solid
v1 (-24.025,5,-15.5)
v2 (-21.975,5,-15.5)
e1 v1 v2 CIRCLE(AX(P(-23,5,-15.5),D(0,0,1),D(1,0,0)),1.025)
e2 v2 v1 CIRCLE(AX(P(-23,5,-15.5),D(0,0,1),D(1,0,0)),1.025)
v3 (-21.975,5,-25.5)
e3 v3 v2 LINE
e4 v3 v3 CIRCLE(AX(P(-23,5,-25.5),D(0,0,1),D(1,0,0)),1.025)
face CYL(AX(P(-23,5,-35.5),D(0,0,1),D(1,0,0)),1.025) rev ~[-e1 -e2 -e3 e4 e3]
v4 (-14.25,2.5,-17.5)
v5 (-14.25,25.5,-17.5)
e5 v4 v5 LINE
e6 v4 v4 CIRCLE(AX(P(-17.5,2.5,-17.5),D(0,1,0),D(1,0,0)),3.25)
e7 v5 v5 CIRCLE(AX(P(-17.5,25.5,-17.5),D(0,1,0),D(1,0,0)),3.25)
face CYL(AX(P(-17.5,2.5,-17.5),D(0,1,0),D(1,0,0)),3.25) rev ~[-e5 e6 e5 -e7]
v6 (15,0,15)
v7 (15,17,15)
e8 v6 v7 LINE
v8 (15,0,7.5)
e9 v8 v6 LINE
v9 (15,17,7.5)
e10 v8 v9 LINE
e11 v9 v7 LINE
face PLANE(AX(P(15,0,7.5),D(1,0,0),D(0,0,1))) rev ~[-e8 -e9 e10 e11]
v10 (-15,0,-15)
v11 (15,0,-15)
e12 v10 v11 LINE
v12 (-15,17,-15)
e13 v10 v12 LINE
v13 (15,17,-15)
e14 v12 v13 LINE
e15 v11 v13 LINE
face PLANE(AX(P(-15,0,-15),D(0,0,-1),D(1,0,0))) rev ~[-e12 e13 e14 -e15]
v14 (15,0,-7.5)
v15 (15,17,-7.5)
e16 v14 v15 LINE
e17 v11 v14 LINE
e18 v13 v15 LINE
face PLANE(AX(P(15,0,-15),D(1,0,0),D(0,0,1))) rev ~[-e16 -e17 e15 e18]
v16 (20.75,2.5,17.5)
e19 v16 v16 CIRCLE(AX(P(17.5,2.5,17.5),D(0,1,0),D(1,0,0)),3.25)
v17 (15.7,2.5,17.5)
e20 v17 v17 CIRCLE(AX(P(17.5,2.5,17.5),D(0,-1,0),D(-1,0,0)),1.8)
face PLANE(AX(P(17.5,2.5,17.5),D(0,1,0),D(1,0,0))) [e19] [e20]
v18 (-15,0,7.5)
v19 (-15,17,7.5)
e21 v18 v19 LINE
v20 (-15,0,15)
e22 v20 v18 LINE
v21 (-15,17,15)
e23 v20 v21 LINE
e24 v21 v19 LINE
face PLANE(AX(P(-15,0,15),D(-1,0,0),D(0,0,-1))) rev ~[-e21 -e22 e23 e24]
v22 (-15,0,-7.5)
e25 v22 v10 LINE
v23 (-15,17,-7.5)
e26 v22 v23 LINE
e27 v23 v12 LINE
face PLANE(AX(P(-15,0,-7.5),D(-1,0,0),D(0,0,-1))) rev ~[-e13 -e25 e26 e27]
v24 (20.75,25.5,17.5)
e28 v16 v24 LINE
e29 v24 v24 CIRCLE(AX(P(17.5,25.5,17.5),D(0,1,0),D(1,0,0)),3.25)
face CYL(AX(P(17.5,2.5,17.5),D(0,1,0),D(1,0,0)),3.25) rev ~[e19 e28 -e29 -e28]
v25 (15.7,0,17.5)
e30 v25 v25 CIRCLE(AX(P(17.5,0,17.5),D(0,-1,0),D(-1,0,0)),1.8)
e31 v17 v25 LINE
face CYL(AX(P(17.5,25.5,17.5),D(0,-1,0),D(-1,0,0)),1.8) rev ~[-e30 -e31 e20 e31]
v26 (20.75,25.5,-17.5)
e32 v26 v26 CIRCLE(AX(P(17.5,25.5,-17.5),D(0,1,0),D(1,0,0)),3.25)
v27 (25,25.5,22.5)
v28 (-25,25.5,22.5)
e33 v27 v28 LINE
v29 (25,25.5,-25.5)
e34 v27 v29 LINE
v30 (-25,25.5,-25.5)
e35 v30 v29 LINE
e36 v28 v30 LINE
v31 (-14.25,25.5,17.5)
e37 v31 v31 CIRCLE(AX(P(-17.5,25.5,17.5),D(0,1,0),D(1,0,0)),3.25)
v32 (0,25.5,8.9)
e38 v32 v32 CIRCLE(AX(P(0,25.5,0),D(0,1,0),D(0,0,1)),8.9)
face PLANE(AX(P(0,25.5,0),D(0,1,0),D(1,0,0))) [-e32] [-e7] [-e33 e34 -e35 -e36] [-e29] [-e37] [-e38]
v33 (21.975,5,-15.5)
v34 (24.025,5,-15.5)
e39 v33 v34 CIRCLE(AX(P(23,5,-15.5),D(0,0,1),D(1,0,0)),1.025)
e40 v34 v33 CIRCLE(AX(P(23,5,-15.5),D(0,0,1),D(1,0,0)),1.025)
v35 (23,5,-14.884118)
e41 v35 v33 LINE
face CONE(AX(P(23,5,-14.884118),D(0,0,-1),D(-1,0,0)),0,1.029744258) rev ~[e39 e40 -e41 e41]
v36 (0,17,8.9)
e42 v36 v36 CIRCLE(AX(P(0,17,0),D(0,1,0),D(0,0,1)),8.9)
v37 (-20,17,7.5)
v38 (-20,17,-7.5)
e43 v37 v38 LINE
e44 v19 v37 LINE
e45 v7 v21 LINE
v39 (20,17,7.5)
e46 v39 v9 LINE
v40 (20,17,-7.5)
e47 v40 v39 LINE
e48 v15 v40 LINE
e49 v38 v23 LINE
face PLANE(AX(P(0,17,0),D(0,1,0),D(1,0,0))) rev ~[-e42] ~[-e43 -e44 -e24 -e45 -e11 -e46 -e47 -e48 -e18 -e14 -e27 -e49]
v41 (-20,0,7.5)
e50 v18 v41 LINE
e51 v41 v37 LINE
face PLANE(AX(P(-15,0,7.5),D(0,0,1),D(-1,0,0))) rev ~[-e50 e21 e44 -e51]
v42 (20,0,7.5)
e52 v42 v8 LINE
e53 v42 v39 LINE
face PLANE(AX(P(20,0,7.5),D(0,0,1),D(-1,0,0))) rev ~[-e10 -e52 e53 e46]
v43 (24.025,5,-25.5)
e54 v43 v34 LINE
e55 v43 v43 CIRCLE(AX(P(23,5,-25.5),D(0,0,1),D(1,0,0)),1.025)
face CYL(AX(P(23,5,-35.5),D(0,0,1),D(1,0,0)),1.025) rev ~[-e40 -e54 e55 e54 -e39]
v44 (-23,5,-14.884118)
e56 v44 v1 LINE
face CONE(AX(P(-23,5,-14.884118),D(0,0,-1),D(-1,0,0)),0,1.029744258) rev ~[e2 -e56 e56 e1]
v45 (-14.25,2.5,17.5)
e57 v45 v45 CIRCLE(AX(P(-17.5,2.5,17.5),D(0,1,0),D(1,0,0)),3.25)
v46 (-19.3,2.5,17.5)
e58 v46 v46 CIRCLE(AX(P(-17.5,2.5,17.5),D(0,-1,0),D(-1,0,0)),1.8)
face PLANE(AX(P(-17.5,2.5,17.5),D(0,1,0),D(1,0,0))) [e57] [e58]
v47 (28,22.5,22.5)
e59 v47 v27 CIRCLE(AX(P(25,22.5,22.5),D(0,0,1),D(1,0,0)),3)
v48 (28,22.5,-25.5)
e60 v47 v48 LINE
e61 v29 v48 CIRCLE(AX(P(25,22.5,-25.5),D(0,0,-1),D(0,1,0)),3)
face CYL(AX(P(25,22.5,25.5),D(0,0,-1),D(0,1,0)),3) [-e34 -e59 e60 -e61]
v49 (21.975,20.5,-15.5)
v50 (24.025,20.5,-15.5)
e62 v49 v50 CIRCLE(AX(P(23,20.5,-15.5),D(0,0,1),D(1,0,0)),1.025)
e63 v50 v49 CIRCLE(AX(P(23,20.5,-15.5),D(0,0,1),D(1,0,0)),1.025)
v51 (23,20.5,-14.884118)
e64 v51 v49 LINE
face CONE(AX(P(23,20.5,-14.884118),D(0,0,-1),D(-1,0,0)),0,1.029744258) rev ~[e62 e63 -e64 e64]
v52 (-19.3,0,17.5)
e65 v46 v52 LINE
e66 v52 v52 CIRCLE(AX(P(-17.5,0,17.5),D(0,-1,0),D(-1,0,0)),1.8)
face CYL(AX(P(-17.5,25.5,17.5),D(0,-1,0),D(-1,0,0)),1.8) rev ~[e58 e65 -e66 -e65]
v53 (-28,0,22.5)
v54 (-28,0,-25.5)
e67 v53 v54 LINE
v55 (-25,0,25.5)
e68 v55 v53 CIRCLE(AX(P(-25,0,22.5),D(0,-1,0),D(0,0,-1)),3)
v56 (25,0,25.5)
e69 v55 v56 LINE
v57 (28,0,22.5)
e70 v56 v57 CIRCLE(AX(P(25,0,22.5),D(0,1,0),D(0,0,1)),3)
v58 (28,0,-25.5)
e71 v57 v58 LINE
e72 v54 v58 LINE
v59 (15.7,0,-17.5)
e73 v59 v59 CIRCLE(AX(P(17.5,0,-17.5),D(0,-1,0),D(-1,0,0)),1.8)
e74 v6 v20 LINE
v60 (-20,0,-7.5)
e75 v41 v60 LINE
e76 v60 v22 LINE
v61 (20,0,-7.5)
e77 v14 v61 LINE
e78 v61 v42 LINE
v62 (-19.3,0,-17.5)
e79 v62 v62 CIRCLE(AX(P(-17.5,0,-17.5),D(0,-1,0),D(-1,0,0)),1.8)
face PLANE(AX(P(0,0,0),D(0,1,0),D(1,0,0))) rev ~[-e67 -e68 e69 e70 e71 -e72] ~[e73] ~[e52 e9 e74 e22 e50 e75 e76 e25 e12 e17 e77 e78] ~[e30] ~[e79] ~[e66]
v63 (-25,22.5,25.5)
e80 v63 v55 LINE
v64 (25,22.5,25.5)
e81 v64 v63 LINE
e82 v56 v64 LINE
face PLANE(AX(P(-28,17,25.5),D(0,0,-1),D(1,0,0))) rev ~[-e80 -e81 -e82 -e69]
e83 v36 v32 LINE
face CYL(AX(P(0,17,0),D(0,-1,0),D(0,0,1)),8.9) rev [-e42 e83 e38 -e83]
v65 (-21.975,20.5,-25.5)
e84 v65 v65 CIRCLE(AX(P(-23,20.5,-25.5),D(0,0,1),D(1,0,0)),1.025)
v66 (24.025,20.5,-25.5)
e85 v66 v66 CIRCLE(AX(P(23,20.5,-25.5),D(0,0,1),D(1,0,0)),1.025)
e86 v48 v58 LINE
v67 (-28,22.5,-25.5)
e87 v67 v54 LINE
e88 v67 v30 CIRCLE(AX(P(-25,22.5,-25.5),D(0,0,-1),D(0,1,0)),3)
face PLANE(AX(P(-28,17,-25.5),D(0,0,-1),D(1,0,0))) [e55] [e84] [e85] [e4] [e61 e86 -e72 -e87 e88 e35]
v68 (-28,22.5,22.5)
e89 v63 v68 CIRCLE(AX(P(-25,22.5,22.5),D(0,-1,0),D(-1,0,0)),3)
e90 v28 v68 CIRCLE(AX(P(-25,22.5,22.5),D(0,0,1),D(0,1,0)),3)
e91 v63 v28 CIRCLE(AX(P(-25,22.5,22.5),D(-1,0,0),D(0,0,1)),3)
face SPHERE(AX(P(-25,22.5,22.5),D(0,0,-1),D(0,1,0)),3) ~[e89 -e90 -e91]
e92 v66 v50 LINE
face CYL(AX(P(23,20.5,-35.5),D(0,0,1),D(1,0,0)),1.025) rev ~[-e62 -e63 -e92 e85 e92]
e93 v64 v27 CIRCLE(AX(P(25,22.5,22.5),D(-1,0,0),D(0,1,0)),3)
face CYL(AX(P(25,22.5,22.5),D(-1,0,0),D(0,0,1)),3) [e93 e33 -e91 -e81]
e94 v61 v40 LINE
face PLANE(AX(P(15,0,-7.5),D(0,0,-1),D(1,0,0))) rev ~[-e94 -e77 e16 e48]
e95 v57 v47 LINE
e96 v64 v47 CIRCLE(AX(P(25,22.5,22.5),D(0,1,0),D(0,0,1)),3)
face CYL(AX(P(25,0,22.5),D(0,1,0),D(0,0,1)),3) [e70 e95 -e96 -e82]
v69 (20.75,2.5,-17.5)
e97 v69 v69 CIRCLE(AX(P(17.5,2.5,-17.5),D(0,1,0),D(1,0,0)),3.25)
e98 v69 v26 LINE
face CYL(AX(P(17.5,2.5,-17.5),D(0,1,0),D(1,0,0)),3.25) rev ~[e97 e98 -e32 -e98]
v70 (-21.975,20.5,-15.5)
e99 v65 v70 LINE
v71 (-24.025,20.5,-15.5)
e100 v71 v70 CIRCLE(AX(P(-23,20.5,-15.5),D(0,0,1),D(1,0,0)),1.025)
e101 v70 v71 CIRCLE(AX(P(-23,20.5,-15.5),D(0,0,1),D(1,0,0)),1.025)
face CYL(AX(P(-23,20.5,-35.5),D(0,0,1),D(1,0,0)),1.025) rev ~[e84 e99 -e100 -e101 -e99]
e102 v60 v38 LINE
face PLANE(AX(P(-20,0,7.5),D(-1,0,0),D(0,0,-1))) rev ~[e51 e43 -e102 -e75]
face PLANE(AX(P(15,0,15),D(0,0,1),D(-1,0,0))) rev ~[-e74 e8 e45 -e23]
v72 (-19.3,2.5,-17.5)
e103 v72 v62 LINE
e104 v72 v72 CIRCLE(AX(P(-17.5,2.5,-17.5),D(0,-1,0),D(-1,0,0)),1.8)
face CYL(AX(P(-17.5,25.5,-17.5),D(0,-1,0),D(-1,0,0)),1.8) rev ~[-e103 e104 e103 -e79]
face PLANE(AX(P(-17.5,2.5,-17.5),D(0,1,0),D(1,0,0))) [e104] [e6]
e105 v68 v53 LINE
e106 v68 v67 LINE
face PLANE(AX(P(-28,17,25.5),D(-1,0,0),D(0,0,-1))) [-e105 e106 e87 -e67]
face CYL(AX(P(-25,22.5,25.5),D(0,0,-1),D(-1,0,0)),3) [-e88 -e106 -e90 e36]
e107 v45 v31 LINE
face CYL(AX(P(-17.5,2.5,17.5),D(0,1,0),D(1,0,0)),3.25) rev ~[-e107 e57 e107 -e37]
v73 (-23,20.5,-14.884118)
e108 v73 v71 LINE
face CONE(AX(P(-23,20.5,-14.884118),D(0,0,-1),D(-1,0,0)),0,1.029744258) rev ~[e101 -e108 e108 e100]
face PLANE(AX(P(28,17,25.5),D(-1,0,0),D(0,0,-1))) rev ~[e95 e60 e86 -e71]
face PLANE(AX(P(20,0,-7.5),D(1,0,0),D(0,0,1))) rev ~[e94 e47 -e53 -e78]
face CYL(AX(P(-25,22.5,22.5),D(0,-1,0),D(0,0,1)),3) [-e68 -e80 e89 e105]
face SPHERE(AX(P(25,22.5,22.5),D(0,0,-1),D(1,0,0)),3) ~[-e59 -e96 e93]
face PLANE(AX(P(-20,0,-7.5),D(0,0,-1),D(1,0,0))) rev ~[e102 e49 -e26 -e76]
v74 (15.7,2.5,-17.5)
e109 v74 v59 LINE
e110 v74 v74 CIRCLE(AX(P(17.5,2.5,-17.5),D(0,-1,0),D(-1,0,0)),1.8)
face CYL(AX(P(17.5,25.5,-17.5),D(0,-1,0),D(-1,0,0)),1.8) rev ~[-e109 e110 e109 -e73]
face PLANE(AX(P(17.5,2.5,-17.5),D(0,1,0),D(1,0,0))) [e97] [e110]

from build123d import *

# Parameters (mm, degrees)
SKETCH1_W                      = 56
SKETCH1_H                      = 51
BOSS_EXTRUDE1_DEPTH            = 17
SKETCH2_W                      = 56
SKETCH2_H                      = 51
SKETCH2_R                      = 8.9
BOSS_EXTRUDE2_DEPTH            = 8.5
CBORE_FOR_M3_SHCS1_D           = 3.6
CBORE_FOR_M3_SHCS1_CBORE_D     = 6.5
CBORE_FOR_M3_SHCS1_CBORE_DEPTH = 23
FILLET3_R                      = 3
M2_5X0_45_TAPPED_HOLE1_D       = 2.05
M2_5X0_45_TAPPED_HOLE1_DEPTH   = 10
M2_5X0_45_TAPPED_HOLE1_TIP     = 0.615882135
FILLET4_R                      = 3


with BuildPart() as part:
    # Sketch1 → Boss-Extrude1 (new body)
    with BuildSketch(Plane(origin=(0, 0, 0), x_dir=(1, 0, 0), z_dir=(0, 1, 0))):
        Rectangle(SKETCH1_W, SKETCH1_H)
        Polygon((15, -15), (-15, -15), (-15, -7.5), (-20, -7.5), (-20, 7.5), (-15, 7.5), (-15, 15), (15, 15), (15, 7.5), (20, 7.5), (20, -7.5), (15, -7.5), align=None, mode=Mode.SUBTRACT)
    extrude(amount=BOSS_EXTRUDE1_DEPTH)

    # Sketch2 → Boss-Extrude2 (add)
    with BuildSketch(Plane(origin=(0, 17, 0), x_dir=(1, 0, 0), z_dir=(0, 1, 0))):
        Rectangle(SKETCH2_W, SKETCH2_H)
        with Locations(Location((0, 0, 0), (0, 0, 270))):
            Circle(SKETCH2_R, mode=Mode.SUBTRACT)
    extrude(amount=BOSS_EXTRUDE2_DEPTH)

    # CBORE for M3 SHCS1 (through all)
    with Locations(Plane(origin=(0, 25.5, 0), x_dir=(1, 0, 0), z_dir=(0, 1, 0))):
        with Locations((-17.5, 17.5), (17.5, 17.5), (17.5, -17.5), (-17.5, -17.5)):
            CounterBoreHole(CBORE_FOR_M3_SHCS1_D / 2, CBORE_FOR_M3_SHCS1_CBORE_D / 2, CBORE_FOR_M3_SHCS1_CBORE_DEPTH)

    # Fillet3
    fillet3_edges = [part.edges().sort_by_distance(p)[0] for p in [
        (-28, 25.5, 0),
        (28, 25.5, 0),
    ]]
    fillet(fillet3_edges, radius=FILLET3_R)

    # M2.5x0.45 Tapped Hole1
    with Locations(Plane(origin=(0, 0, -25.5), x_dir=(-1, 0, 0), z_dir=(0, 0, -1))):
        with Locations((-23, 20.5), (23, 20.5), (-23, 5), (23, 5)):
            Hole(M2_5X0_45_TAPPED_HOLE1_D / 2, depth=M2_5X0_45_TAPPED_HOLE1_DEPTH)
            with Locations((0, 0, -(M2_5X0_45_TAPPED_HOLE1_DEPTH + M2_5X0_45_TAPPED_HOLE1_TIP / 2))):  # 118° drill point
                Cone(0, M2_5X0_45_TAPPED_HOLE1_D / 2, M2_5X0_45_TAPPED_HOLE1_TIP, mode=Mode.SUBTRACT)

    # Fillet4
    fillet4_edges = [part.edges().sort_by_distance(p)[0] for p in [
        (28, 11.25, 25.5),
        (-28, 11.25, 25.5),
        (-27.121320344, 24.621320344, 25.5),
        (27.121320344, 24.621320344, 25.5),
        (0, 25.5, 25.5),
    ]]
    fillet(fillet4_edges, radius=FILLET4_R)


solid = part.part
